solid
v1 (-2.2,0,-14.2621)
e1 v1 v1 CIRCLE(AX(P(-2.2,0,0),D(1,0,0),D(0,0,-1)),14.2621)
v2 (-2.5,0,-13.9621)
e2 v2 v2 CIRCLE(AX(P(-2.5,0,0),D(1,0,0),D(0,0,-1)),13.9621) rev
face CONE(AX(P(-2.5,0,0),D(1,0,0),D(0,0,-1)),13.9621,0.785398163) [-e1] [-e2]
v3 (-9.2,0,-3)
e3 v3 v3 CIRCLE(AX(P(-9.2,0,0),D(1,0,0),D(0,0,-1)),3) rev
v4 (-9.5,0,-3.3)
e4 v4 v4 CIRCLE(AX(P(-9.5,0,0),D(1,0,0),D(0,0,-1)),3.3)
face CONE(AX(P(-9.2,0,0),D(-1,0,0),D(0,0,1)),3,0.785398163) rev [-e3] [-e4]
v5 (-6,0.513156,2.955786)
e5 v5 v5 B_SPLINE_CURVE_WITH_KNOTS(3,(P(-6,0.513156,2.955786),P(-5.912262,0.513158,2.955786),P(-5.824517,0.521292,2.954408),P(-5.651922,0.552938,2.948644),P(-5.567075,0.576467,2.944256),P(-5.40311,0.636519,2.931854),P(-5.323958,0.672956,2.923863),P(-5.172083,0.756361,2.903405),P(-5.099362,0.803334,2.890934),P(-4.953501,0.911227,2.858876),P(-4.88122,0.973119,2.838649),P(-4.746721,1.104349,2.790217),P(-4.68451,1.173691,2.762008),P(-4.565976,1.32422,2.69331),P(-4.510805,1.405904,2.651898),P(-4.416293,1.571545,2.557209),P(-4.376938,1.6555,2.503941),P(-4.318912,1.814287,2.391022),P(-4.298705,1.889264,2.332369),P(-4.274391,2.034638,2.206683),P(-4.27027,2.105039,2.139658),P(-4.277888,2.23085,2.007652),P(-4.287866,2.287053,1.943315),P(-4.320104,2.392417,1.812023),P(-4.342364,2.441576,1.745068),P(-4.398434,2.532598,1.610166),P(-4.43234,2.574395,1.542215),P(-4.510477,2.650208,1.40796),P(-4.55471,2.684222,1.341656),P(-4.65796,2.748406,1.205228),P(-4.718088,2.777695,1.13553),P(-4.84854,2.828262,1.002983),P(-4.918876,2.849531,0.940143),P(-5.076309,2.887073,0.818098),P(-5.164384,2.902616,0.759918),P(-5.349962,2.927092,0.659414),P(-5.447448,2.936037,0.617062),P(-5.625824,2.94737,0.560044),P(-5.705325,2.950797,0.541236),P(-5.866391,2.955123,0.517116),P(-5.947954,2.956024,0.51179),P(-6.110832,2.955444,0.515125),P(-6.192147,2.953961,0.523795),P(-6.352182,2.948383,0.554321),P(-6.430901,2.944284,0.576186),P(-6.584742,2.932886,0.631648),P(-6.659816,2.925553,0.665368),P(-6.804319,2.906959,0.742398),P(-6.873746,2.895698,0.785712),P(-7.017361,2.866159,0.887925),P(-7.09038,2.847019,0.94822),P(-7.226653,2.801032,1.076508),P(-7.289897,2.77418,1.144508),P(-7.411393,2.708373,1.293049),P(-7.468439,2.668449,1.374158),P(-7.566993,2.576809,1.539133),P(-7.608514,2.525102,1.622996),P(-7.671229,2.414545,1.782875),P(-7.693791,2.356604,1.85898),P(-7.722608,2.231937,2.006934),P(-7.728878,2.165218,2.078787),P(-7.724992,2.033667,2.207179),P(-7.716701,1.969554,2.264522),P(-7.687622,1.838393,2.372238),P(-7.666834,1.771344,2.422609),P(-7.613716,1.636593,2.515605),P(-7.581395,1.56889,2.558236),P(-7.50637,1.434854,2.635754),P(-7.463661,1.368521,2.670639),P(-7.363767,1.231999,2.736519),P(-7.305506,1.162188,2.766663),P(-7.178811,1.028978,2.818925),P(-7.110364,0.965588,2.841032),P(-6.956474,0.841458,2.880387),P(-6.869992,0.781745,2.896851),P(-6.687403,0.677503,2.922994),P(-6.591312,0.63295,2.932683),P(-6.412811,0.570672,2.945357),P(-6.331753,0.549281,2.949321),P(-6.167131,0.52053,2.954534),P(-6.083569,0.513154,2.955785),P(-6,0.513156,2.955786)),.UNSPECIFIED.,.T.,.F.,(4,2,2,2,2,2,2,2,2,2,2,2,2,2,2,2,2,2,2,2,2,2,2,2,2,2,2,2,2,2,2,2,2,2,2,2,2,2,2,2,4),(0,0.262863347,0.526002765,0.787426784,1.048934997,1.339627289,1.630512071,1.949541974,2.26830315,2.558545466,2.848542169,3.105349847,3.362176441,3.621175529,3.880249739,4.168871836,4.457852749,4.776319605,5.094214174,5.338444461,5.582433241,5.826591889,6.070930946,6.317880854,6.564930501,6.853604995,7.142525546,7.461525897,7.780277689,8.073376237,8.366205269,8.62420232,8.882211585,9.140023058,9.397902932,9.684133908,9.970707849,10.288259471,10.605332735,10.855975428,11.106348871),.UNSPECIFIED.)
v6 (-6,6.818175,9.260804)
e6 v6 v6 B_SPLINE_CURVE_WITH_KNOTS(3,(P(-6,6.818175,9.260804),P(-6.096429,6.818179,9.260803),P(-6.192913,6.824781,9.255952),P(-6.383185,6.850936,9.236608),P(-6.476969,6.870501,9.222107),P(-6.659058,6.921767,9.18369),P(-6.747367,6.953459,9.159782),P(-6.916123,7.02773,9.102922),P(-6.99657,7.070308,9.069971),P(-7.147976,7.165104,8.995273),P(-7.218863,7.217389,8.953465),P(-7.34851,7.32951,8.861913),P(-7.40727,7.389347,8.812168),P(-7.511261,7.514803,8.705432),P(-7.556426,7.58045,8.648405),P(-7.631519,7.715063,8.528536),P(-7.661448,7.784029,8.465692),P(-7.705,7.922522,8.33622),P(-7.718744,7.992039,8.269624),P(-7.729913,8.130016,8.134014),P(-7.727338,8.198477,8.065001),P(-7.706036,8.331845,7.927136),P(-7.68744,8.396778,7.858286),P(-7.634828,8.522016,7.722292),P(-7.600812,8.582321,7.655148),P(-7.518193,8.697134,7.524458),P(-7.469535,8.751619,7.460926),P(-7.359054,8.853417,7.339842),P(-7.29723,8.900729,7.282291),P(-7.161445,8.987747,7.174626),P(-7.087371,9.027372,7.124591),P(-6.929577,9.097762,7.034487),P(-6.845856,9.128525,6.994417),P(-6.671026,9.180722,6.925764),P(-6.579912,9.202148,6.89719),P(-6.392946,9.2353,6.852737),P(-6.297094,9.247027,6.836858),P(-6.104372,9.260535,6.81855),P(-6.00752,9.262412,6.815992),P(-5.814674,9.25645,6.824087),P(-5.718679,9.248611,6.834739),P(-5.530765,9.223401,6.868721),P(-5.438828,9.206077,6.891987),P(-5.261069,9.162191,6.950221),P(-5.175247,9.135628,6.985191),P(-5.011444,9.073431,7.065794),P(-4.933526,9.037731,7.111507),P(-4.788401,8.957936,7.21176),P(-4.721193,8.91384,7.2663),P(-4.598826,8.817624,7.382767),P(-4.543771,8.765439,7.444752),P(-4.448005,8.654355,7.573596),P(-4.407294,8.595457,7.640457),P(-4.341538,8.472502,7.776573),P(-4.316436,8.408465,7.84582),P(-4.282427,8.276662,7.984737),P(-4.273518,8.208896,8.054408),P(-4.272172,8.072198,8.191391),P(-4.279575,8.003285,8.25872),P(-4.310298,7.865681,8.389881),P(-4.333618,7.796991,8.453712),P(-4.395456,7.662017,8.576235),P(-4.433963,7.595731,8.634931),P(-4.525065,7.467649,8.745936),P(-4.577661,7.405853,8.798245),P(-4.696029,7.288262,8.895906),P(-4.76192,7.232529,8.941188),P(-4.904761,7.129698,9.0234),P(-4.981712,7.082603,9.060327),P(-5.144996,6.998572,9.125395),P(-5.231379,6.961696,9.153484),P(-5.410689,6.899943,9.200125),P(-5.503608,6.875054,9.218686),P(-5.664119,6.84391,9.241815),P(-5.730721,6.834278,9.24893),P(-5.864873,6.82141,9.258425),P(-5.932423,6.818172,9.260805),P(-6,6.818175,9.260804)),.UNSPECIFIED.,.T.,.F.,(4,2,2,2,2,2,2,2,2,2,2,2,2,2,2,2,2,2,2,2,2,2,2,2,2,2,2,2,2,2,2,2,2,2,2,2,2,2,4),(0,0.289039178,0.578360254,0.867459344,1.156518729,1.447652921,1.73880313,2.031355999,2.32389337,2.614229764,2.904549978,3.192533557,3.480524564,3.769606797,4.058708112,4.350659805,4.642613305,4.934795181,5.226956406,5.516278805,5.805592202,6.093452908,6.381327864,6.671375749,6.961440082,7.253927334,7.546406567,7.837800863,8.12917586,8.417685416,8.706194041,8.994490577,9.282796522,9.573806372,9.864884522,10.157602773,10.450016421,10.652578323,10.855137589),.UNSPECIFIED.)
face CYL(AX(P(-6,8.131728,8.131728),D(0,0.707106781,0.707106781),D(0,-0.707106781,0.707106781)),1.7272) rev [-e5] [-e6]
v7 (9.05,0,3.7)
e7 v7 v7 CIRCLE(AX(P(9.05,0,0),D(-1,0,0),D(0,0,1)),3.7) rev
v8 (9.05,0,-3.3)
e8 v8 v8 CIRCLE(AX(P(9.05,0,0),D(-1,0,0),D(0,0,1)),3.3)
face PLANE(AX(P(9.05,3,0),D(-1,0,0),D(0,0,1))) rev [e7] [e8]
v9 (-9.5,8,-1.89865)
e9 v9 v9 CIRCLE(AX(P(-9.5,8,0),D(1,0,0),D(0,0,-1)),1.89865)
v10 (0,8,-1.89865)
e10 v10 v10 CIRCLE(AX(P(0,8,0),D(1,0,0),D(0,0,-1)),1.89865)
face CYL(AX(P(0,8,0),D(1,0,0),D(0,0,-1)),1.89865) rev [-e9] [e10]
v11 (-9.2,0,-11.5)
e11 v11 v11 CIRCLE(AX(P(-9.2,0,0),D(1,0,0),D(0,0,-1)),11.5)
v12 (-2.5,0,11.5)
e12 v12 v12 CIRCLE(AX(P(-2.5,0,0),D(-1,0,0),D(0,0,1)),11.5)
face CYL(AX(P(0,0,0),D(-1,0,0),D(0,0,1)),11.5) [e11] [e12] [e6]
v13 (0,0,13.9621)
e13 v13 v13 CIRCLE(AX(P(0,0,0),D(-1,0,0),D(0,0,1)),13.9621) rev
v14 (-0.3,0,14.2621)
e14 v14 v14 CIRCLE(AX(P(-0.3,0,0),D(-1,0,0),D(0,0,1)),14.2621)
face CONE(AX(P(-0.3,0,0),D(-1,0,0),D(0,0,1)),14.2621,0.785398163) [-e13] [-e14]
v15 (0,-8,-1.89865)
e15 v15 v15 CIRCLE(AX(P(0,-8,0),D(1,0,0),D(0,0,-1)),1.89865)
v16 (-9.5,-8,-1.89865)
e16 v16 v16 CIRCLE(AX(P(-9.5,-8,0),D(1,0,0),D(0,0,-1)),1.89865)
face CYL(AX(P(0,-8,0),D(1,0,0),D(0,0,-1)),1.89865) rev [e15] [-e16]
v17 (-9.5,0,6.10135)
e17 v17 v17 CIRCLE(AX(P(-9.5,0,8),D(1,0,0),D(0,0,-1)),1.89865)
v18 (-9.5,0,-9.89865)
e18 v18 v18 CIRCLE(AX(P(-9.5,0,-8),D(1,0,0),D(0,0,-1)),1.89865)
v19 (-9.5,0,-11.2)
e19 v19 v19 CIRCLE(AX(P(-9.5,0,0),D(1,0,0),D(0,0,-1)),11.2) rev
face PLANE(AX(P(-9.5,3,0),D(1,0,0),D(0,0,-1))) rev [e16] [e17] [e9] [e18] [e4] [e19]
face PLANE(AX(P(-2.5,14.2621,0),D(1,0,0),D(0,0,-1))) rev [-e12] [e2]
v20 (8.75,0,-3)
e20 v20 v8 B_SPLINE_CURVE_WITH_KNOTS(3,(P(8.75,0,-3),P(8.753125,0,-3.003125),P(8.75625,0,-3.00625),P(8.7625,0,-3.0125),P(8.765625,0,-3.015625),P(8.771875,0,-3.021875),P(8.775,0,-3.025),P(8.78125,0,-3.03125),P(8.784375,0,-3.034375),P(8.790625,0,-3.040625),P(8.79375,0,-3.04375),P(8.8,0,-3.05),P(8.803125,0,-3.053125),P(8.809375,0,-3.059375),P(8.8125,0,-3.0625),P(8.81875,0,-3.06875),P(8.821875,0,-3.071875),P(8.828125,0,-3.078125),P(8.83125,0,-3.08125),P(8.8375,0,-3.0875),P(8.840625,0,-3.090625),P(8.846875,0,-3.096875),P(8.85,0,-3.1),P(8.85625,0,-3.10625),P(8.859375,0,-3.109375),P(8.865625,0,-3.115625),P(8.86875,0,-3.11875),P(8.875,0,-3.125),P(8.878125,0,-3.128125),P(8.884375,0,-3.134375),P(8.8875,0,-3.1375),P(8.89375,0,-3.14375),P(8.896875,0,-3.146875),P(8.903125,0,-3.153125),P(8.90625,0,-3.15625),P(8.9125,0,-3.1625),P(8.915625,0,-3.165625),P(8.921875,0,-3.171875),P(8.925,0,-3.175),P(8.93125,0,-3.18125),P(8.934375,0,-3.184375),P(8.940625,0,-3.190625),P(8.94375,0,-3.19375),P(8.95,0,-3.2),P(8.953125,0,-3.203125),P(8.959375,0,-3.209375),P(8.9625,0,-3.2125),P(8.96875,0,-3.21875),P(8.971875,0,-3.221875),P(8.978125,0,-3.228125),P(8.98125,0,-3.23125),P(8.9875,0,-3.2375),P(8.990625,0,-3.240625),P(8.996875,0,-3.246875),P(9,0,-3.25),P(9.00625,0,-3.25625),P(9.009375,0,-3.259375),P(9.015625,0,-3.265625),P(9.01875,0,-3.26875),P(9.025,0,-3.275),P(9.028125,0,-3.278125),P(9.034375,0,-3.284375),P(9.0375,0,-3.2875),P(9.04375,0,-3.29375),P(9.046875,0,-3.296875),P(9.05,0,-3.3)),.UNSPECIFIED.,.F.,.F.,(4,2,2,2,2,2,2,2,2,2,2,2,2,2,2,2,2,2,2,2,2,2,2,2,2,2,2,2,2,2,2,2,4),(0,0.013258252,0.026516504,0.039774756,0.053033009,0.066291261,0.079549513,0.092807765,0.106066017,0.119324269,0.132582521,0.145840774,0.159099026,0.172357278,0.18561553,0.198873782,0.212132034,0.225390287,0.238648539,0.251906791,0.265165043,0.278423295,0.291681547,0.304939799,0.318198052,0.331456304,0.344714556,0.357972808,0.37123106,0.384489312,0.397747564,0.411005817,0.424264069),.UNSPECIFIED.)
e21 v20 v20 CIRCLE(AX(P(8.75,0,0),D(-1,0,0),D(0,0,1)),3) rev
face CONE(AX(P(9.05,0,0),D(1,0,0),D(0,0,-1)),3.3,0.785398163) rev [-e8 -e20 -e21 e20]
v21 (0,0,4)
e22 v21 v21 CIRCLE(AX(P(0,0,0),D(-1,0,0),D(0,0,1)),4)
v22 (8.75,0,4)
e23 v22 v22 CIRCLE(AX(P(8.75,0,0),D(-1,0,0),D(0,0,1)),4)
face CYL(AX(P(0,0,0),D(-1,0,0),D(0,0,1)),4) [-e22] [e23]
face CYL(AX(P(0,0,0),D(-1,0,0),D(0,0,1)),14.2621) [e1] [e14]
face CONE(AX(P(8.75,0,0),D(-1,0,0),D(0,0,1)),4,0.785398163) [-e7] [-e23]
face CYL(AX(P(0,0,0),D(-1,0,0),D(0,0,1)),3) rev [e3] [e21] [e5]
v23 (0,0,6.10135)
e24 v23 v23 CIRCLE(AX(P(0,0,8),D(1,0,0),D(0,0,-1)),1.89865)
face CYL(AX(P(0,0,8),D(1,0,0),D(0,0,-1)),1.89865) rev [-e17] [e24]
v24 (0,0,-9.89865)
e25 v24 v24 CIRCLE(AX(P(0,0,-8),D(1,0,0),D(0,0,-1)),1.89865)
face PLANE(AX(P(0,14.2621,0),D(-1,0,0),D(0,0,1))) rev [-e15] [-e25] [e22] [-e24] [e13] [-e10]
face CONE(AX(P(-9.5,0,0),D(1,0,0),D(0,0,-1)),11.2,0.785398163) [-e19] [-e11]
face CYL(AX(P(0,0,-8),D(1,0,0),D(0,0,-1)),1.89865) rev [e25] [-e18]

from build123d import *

# Parameters (mm, degrees)
F_6_CLEARANCE_HOLE1_D     = 3.7973
BOSS_EXTRUDE1_START       = 10
SKETCH4_R                 = 1.25
BOSS_EXTRUDE1_DEPTH       = 1.5
F_8_32_TAPPED_HOLE1_D     = 3.4544
F_8_32_TAPPED_HOLE1_DEPTH = 10.708
F_8_32_TAPPED_HOLE1_TIP   = 1.037806461
MOVE_FACE1_BY             = 6.55
CHAMFER1_SIZE             = 0.3


with BuildPart() as part:
    # Sketch1 → Revolve1 (revolve)
    with BuildSketch(Plane.XY):
        Polygon((-9.5, 3), (2.5, 3), (2.5, 4), (0, 4), (0, 14.2621), (-2.5, 14.2621), (-2.5, 11.5), (-9.5, 11.5), align=None)
    revolve(axis=Axis((0, 0, 0), (1, 0, 0)))

    # #6 Clearance Hole1 (through all)
    with Locations(Plane(origin=(0, 0, 0), x_dir=(0, 0, -1), z_dir=(1, 0, 0))):
        with Locations((-8, 0), (0, 8), (0, -8), (8, 0)):
            Hole(F_6_CLEARANCE_HOLE1_D / 2)

    # Sketch4 → Boss-Extrude1 (add)
    with BuildSketch(Plane(origin=(0, 0, 0), x_dir=(-1, 0, 0), z_dir=(0, 0.7071067811865464, 0.7071067811865488)).offset(BOSS_EXTRUDE1_START)):
        with Locations((6, 0)):
            Circle(SKETCH4_R)
    extrude(amount=BOSS_EXTRUDE1_DEPTH)

    # #8-32 Tapped Hole1
    with Locations(Plane(origin=(0, 8.131727984, 8.131727984), x_dir=(1, 0, 0), z_dir=(0, 0.7071067811865465, 0.7071067811865487))):
        with Locations((-6, 0)):
            Hole(F_8_32_TAPPED_HOLE1_D / 2, depth=F_8_32_TAPPED_HOLE1_DEPTH)
            with Locations((0, 0, -(F_8_32_TAPPED_HOLE1_DEPTH + F_8_32_TAPPED_HOLE1_TIP / 2))):  # 118° drill point
                Cone(0, F_8_32_TAPPED_HOLE1_D / 2, F_8_32_TAPPED_HOLE1_TIP, mode=Mode.SUBTRACT)

    # Move Face1: a face moved outward by 6.55
    extrude(part.faces().sort_by_distance((2.5, 0, -3.2))[0], amount=MOVE_FACE1_BY, dir=(1, 0, 0))

    # Chamfer1
    chamfer1_edges = [part.edges().sort_by_distance(p)[0] for p in [
        (-9.5, -11.5, 0),
        (-2.5, -14.2621, 0),
        (0, -14.2621, 0),
        (9.05, -3, 0),
        (9.05, -4, 0),
        (-9.5, -3, 0),
    ]]
    chamfer(chamfer1_edges, length=CHAMFER1_SIZE)


solid = part.part
